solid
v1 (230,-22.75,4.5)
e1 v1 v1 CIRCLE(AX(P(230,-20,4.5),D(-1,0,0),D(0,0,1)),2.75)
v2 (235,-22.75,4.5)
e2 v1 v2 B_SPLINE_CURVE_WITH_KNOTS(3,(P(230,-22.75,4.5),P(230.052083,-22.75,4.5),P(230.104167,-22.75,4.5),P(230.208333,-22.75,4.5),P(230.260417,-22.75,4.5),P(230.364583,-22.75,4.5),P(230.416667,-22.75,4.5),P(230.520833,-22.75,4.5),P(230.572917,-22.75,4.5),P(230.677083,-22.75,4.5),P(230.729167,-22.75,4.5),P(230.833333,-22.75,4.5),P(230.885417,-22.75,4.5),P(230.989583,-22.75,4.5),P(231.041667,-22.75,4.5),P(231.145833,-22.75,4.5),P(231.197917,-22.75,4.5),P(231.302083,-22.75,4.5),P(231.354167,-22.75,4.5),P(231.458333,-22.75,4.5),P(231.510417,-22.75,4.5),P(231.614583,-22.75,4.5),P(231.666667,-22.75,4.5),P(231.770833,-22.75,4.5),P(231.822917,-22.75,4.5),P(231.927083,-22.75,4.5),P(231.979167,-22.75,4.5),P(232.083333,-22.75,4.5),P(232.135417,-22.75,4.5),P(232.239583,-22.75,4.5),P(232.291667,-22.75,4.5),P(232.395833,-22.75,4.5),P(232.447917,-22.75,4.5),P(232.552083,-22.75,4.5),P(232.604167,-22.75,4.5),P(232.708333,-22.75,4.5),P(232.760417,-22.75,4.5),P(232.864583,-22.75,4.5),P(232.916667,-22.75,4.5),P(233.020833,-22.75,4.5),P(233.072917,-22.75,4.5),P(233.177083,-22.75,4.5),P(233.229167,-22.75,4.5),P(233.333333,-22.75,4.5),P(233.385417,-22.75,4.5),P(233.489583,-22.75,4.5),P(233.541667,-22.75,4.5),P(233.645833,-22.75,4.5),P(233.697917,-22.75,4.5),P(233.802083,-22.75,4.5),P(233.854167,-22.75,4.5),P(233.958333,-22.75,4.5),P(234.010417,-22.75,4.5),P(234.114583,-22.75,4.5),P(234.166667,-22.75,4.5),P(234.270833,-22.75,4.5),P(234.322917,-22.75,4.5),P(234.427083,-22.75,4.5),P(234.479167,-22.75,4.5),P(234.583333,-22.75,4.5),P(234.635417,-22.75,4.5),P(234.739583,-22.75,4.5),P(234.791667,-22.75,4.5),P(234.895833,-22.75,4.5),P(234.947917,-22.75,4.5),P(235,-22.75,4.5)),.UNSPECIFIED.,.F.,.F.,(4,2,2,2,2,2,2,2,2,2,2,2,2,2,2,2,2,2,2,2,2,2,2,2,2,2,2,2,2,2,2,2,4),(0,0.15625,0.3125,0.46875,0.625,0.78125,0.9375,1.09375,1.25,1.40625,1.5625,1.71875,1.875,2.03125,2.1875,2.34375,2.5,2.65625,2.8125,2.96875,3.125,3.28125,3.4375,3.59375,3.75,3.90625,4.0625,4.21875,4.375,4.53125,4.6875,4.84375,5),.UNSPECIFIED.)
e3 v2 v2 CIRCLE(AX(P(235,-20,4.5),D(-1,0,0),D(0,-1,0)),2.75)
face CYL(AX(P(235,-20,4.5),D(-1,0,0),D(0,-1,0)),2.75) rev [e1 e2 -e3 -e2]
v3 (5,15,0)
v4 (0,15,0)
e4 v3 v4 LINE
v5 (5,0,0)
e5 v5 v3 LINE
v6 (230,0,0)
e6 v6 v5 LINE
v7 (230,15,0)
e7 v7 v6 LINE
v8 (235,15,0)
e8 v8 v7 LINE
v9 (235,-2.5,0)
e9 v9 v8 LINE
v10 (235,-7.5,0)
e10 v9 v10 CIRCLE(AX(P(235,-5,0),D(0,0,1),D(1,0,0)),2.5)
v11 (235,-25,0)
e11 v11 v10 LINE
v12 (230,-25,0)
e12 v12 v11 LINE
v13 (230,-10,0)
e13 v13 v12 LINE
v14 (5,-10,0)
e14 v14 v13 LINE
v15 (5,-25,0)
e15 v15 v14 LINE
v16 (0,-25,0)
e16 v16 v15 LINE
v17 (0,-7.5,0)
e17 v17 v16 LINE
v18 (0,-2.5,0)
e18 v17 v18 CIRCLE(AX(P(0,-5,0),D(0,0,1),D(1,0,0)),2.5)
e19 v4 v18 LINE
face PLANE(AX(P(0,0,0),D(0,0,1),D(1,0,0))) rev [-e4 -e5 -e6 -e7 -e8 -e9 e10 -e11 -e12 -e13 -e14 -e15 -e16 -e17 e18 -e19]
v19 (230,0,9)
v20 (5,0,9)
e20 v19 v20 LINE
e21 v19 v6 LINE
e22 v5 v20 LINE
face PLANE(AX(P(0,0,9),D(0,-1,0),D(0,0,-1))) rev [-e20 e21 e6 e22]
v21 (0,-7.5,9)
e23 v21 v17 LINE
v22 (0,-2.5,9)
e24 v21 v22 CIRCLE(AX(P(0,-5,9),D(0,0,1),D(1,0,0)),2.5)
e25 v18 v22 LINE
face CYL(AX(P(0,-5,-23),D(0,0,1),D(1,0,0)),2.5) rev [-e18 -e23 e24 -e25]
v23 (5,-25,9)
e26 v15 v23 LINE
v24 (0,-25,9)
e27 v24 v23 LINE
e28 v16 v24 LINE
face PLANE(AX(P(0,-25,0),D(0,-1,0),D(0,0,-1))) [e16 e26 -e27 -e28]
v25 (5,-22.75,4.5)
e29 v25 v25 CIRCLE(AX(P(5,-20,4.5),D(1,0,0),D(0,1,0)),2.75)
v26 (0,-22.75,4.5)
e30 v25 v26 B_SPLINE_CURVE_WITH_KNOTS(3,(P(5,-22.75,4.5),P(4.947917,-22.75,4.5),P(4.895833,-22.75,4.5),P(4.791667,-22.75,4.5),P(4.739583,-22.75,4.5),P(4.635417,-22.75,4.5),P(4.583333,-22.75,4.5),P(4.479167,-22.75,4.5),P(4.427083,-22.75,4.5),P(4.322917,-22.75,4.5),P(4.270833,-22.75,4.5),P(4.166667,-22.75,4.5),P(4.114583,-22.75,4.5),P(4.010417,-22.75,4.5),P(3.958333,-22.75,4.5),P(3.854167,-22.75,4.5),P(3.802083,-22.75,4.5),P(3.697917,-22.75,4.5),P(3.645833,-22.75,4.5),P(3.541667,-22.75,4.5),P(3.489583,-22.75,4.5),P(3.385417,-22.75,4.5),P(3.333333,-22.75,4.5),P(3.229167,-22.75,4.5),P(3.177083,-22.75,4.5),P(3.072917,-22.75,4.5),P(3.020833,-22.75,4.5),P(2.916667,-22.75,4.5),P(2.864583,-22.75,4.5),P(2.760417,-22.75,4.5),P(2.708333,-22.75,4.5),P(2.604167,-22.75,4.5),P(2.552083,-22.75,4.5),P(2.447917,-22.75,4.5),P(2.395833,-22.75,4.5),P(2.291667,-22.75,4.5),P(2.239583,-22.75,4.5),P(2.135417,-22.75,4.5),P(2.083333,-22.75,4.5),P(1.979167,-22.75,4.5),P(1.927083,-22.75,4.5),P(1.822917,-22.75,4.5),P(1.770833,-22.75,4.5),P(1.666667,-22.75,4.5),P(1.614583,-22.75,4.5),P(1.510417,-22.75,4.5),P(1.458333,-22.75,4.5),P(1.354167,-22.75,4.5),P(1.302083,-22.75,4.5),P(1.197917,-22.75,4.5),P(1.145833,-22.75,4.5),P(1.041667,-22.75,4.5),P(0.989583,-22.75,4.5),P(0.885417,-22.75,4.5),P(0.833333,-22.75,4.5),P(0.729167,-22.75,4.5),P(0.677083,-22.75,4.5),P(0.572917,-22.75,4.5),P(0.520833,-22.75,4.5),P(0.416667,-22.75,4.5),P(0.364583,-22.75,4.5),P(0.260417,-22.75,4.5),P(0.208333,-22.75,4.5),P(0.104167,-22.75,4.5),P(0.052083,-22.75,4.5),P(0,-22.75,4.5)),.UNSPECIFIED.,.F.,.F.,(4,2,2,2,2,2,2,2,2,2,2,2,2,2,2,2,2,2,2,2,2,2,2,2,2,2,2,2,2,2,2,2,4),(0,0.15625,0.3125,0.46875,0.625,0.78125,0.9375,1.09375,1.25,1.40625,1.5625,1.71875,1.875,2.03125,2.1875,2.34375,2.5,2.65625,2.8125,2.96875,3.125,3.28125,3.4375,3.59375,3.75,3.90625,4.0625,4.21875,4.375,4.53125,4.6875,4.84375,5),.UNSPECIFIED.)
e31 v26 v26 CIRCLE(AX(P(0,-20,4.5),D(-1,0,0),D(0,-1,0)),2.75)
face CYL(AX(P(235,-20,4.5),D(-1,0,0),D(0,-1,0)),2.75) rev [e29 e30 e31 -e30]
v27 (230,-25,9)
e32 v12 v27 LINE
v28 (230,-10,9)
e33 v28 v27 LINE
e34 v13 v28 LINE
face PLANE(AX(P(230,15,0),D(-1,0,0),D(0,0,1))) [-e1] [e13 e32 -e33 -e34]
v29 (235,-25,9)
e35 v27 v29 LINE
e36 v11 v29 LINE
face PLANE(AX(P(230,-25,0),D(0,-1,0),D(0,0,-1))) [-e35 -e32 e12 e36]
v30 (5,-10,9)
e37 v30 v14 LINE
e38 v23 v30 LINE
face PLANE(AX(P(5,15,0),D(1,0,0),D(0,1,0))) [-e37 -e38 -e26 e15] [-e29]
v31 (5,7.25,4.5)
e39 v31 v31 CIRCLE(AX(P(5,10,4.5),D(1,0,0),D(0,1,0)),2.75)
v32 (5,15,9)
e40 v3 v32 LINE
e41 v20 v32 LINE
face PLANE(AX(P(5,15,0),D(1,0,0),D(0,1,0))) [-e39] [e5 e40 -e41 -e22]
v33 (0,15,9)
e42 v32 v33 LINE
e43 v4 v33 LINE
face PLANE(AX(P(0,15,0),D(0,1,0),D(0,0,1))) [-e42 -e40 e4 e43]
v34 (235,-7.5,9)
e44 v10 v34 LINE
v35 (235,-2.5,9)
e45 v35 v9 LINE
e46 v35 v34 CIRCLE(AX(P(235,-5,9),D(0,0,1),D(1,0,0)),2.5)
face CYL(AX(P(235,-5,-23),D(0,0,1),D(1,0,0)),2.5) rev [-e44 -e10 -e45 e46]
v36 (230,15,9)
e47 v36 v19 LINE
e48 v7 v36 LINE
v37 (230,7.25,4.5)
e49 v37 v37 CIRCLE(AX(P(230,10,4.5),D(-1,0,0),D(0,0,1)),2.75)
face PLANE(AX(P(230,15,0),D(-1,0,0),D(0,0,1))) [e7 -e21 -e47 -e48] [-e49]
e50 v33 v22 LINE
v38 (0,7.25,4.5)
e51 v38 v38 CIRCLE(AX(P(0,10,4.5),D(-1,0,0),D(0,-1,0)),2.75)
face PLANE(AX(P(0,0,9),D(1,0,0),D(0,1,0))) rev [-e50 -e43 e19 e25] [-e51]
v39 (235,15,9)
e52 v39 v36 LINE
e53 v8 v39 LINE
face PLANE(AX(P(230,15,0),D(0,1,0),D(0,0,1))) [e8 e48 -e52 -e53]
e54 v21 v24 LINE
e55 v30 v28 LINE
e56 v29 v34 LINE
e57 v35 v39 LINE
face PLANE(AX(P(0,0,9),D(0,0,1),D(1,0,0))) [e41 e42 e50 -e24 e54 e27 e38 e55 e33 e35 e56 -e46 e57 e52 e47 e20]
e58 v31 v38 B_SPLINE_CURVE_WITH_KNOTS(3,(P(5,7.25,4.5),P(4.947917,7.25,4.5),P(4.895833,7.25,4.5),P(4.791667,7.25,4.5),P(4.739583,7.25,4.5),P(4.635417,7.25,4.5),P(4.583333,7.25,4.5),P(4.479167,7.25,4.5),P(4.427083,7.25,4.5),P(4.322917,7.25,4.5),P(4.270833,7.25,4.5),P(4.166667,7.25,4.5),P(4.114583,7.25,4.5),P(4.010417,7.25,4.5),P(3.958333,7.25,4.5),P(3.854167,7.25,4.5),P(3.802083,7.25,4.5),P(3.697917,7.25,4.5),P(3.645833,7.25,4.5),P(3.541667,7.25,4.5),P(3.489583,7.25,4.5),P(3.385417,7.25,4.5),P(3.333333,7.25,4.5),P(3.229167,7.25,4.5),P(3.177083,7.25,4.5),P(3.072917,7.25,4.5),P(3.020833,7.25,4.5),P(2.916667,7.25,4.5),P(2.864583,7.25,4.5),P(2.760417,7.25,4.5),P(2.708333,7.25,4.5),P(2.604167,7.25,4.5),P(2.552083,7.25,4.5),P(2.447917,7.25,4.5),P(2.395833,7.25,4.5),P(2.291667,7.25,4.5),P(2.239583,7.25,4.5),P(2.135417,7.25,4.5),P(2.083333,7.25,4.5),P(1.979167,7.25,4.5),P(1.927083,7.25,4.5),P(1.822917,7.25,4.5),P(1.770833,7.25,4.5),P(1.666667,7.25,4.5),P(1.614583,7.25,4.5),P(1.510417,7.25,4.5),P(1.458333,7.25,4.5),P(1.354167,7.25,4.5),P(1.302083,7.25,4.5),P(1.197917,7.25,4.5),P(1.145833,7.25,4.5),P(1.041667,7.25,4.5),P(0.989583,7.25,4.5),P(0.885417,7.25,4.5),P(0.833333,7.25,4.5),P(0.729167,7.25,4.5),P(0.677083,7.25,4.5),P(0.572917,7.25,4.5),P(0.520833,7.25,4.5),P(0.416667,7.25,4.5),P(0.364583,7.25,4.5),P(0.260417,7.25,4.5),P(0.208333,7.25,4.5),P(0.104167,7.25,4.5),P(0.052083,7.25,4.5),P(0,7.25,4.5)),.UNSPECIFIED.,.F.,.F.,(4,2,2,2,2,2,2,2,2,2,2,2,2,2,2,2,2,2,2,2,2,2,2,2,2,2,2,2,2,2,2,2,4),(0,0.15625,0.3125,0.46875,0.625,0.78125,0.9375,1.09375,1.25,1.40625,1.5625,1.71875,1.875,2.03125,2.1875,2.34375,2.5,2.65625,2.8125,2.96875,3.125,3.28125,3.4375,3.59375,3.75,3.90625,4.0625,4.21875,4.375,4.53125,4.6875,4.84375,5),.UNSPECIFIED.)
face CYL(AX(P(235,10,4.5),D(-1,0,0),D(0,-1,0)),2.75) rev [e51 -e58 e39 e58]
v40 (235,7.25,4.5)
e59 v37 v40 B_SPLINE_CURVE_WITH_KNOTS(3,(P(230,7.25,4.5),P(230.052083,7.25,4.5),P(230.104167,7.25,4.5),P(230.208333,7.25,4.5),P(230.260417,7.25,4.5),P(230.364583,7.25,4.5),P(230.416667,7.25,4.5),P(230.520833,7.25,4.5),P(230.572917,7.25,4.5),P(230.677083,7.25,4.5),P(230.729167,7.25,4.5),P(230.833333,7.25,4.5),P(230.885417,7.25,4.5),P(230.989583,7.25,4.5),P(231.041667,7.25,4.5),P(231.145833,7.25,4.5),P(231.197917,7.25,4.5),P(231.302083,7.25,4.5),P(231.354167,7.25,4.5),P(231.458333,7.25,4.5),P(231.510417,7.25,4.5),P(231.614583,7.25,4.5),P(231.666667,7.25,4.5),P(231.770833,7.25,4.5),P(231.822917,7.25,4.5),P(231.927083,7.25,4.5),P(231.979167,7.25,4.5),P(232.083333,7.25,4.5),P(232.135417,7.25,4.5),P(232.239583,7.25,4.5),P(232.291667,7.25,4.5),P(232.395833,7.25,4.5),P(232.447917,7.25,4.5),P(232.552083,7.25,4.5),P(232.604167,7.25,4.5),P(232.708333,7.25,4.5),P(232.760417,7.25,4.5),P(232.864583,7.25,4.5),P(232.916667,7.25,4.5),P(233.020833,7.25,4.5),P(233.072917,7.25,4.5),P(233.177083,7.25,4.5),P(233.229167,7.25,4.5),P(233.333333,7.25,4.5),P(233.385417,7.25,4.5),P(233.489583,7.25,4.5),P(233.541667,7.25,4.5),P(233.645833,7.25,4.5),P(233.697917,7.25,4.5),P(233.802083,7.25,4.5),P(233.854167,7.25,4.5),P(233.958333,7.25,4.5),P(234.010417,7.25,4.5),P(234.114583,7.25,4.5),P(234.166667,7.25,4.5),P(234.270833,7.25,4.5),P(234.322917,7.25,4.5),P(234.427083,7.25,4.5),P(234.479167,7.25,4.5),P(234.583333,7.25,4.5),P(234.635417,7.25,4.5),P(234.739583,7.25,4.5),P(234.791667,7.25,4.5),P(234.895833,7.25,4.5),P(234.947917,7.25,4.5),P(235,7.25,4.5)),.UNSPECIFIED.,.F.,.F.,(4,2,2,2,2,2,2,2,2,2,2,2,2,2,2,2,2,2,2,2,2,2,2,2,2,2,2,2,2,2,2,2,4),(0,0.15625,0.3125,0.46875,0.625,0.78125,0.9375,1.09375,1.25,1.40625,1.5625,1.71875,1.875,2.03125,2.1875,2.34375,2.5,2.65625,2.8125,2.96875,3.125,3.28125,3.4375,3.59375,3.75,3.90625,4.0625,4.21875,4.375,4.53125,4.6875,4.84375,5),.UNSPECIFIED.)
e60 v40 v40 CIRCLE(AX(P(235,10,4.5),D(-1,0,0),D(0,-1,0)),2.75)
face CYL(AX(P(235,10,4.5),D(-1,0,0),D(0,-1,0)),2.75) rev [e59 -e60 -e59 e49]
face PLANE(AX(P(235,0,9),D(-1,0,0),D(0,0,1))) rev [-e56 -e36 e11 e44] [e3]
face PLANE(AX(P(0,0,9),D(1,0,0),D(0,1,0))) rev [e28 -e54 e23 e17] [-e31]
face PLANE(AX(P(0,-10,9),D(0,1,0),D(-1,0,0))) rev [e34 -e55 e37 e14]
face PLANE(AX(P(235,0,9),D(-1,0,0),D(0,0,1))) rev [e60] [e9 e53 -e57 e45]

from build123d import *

# Parameters (mm, degrees)
SKETCH_1_W          = 235
SKETCH_1_H          = 10
EXTRUDE_1_DEPTH     = 9
SKETCH_2_W          = 5
SKETCH_2_H          = 40
EXTRUDE_2_DEPTH     = 9
SKETCH_3_R          = 2.5
CUT_EXTRUDE_1_DEPTH = 32
SKETCH_4_R          = 2.75
CUT_EXTRUDE_2_DEPTH = 237.497357279


with BuildPart() as part:
    # 草图1 → 凸台-拉伸1 (new body)
    with BuildSketch(Plane.XY):
        with Locations((117.5, -5)):
            Rectangle(SKETCH_1_W, SKETCH_1_H)
    extrude(amount=EXTRUDE_1_DEPTH)

    # 草图2 → 凸台-拉伸2 (add)
    with BuildSketch(Plane.XY.offset(9)):
        with Locations((232.5, -5)):
            Rectangle(SKETCH_2_W, SKETCH_2_H)
        with Locations((2.5, -5)):
            Rectangle(SKETCH_2_W, SKETCH_2_H)
    extrude(amount=-EXTRUDE_2_DEPTH)

    # 草图3 → 切除-拉伸1 (cut)
    with BuildSketch(Plane.XY.offset(9)):
        with Locations((235, -5)):
            Circle(SKETCH_3_R)
        with Locations((0, -5)):
            Circle(SKETCH_3_R)
    extrude(amount=-CUT_EXTRUDE_1_DEPTH, mode=Mode.SUBTRACT)

    # 草图4 → 切除-拉伸2 (cut, through all)
    with BuildSketch(Plane.ZY):
        with Locations(Location((4.5, 10, 0), (0, 0, 270))):
            Circle(SKETCH_4_R)
        with Locations(Location((4.5, -20, 0), (0, 0, 270))):
            Circle(SKETCH_4_R)
    extrude(amount=-CUT_EXTRUDE_2_DEPTH, mode=Mode.SUBTRACT)


solid = part.part
